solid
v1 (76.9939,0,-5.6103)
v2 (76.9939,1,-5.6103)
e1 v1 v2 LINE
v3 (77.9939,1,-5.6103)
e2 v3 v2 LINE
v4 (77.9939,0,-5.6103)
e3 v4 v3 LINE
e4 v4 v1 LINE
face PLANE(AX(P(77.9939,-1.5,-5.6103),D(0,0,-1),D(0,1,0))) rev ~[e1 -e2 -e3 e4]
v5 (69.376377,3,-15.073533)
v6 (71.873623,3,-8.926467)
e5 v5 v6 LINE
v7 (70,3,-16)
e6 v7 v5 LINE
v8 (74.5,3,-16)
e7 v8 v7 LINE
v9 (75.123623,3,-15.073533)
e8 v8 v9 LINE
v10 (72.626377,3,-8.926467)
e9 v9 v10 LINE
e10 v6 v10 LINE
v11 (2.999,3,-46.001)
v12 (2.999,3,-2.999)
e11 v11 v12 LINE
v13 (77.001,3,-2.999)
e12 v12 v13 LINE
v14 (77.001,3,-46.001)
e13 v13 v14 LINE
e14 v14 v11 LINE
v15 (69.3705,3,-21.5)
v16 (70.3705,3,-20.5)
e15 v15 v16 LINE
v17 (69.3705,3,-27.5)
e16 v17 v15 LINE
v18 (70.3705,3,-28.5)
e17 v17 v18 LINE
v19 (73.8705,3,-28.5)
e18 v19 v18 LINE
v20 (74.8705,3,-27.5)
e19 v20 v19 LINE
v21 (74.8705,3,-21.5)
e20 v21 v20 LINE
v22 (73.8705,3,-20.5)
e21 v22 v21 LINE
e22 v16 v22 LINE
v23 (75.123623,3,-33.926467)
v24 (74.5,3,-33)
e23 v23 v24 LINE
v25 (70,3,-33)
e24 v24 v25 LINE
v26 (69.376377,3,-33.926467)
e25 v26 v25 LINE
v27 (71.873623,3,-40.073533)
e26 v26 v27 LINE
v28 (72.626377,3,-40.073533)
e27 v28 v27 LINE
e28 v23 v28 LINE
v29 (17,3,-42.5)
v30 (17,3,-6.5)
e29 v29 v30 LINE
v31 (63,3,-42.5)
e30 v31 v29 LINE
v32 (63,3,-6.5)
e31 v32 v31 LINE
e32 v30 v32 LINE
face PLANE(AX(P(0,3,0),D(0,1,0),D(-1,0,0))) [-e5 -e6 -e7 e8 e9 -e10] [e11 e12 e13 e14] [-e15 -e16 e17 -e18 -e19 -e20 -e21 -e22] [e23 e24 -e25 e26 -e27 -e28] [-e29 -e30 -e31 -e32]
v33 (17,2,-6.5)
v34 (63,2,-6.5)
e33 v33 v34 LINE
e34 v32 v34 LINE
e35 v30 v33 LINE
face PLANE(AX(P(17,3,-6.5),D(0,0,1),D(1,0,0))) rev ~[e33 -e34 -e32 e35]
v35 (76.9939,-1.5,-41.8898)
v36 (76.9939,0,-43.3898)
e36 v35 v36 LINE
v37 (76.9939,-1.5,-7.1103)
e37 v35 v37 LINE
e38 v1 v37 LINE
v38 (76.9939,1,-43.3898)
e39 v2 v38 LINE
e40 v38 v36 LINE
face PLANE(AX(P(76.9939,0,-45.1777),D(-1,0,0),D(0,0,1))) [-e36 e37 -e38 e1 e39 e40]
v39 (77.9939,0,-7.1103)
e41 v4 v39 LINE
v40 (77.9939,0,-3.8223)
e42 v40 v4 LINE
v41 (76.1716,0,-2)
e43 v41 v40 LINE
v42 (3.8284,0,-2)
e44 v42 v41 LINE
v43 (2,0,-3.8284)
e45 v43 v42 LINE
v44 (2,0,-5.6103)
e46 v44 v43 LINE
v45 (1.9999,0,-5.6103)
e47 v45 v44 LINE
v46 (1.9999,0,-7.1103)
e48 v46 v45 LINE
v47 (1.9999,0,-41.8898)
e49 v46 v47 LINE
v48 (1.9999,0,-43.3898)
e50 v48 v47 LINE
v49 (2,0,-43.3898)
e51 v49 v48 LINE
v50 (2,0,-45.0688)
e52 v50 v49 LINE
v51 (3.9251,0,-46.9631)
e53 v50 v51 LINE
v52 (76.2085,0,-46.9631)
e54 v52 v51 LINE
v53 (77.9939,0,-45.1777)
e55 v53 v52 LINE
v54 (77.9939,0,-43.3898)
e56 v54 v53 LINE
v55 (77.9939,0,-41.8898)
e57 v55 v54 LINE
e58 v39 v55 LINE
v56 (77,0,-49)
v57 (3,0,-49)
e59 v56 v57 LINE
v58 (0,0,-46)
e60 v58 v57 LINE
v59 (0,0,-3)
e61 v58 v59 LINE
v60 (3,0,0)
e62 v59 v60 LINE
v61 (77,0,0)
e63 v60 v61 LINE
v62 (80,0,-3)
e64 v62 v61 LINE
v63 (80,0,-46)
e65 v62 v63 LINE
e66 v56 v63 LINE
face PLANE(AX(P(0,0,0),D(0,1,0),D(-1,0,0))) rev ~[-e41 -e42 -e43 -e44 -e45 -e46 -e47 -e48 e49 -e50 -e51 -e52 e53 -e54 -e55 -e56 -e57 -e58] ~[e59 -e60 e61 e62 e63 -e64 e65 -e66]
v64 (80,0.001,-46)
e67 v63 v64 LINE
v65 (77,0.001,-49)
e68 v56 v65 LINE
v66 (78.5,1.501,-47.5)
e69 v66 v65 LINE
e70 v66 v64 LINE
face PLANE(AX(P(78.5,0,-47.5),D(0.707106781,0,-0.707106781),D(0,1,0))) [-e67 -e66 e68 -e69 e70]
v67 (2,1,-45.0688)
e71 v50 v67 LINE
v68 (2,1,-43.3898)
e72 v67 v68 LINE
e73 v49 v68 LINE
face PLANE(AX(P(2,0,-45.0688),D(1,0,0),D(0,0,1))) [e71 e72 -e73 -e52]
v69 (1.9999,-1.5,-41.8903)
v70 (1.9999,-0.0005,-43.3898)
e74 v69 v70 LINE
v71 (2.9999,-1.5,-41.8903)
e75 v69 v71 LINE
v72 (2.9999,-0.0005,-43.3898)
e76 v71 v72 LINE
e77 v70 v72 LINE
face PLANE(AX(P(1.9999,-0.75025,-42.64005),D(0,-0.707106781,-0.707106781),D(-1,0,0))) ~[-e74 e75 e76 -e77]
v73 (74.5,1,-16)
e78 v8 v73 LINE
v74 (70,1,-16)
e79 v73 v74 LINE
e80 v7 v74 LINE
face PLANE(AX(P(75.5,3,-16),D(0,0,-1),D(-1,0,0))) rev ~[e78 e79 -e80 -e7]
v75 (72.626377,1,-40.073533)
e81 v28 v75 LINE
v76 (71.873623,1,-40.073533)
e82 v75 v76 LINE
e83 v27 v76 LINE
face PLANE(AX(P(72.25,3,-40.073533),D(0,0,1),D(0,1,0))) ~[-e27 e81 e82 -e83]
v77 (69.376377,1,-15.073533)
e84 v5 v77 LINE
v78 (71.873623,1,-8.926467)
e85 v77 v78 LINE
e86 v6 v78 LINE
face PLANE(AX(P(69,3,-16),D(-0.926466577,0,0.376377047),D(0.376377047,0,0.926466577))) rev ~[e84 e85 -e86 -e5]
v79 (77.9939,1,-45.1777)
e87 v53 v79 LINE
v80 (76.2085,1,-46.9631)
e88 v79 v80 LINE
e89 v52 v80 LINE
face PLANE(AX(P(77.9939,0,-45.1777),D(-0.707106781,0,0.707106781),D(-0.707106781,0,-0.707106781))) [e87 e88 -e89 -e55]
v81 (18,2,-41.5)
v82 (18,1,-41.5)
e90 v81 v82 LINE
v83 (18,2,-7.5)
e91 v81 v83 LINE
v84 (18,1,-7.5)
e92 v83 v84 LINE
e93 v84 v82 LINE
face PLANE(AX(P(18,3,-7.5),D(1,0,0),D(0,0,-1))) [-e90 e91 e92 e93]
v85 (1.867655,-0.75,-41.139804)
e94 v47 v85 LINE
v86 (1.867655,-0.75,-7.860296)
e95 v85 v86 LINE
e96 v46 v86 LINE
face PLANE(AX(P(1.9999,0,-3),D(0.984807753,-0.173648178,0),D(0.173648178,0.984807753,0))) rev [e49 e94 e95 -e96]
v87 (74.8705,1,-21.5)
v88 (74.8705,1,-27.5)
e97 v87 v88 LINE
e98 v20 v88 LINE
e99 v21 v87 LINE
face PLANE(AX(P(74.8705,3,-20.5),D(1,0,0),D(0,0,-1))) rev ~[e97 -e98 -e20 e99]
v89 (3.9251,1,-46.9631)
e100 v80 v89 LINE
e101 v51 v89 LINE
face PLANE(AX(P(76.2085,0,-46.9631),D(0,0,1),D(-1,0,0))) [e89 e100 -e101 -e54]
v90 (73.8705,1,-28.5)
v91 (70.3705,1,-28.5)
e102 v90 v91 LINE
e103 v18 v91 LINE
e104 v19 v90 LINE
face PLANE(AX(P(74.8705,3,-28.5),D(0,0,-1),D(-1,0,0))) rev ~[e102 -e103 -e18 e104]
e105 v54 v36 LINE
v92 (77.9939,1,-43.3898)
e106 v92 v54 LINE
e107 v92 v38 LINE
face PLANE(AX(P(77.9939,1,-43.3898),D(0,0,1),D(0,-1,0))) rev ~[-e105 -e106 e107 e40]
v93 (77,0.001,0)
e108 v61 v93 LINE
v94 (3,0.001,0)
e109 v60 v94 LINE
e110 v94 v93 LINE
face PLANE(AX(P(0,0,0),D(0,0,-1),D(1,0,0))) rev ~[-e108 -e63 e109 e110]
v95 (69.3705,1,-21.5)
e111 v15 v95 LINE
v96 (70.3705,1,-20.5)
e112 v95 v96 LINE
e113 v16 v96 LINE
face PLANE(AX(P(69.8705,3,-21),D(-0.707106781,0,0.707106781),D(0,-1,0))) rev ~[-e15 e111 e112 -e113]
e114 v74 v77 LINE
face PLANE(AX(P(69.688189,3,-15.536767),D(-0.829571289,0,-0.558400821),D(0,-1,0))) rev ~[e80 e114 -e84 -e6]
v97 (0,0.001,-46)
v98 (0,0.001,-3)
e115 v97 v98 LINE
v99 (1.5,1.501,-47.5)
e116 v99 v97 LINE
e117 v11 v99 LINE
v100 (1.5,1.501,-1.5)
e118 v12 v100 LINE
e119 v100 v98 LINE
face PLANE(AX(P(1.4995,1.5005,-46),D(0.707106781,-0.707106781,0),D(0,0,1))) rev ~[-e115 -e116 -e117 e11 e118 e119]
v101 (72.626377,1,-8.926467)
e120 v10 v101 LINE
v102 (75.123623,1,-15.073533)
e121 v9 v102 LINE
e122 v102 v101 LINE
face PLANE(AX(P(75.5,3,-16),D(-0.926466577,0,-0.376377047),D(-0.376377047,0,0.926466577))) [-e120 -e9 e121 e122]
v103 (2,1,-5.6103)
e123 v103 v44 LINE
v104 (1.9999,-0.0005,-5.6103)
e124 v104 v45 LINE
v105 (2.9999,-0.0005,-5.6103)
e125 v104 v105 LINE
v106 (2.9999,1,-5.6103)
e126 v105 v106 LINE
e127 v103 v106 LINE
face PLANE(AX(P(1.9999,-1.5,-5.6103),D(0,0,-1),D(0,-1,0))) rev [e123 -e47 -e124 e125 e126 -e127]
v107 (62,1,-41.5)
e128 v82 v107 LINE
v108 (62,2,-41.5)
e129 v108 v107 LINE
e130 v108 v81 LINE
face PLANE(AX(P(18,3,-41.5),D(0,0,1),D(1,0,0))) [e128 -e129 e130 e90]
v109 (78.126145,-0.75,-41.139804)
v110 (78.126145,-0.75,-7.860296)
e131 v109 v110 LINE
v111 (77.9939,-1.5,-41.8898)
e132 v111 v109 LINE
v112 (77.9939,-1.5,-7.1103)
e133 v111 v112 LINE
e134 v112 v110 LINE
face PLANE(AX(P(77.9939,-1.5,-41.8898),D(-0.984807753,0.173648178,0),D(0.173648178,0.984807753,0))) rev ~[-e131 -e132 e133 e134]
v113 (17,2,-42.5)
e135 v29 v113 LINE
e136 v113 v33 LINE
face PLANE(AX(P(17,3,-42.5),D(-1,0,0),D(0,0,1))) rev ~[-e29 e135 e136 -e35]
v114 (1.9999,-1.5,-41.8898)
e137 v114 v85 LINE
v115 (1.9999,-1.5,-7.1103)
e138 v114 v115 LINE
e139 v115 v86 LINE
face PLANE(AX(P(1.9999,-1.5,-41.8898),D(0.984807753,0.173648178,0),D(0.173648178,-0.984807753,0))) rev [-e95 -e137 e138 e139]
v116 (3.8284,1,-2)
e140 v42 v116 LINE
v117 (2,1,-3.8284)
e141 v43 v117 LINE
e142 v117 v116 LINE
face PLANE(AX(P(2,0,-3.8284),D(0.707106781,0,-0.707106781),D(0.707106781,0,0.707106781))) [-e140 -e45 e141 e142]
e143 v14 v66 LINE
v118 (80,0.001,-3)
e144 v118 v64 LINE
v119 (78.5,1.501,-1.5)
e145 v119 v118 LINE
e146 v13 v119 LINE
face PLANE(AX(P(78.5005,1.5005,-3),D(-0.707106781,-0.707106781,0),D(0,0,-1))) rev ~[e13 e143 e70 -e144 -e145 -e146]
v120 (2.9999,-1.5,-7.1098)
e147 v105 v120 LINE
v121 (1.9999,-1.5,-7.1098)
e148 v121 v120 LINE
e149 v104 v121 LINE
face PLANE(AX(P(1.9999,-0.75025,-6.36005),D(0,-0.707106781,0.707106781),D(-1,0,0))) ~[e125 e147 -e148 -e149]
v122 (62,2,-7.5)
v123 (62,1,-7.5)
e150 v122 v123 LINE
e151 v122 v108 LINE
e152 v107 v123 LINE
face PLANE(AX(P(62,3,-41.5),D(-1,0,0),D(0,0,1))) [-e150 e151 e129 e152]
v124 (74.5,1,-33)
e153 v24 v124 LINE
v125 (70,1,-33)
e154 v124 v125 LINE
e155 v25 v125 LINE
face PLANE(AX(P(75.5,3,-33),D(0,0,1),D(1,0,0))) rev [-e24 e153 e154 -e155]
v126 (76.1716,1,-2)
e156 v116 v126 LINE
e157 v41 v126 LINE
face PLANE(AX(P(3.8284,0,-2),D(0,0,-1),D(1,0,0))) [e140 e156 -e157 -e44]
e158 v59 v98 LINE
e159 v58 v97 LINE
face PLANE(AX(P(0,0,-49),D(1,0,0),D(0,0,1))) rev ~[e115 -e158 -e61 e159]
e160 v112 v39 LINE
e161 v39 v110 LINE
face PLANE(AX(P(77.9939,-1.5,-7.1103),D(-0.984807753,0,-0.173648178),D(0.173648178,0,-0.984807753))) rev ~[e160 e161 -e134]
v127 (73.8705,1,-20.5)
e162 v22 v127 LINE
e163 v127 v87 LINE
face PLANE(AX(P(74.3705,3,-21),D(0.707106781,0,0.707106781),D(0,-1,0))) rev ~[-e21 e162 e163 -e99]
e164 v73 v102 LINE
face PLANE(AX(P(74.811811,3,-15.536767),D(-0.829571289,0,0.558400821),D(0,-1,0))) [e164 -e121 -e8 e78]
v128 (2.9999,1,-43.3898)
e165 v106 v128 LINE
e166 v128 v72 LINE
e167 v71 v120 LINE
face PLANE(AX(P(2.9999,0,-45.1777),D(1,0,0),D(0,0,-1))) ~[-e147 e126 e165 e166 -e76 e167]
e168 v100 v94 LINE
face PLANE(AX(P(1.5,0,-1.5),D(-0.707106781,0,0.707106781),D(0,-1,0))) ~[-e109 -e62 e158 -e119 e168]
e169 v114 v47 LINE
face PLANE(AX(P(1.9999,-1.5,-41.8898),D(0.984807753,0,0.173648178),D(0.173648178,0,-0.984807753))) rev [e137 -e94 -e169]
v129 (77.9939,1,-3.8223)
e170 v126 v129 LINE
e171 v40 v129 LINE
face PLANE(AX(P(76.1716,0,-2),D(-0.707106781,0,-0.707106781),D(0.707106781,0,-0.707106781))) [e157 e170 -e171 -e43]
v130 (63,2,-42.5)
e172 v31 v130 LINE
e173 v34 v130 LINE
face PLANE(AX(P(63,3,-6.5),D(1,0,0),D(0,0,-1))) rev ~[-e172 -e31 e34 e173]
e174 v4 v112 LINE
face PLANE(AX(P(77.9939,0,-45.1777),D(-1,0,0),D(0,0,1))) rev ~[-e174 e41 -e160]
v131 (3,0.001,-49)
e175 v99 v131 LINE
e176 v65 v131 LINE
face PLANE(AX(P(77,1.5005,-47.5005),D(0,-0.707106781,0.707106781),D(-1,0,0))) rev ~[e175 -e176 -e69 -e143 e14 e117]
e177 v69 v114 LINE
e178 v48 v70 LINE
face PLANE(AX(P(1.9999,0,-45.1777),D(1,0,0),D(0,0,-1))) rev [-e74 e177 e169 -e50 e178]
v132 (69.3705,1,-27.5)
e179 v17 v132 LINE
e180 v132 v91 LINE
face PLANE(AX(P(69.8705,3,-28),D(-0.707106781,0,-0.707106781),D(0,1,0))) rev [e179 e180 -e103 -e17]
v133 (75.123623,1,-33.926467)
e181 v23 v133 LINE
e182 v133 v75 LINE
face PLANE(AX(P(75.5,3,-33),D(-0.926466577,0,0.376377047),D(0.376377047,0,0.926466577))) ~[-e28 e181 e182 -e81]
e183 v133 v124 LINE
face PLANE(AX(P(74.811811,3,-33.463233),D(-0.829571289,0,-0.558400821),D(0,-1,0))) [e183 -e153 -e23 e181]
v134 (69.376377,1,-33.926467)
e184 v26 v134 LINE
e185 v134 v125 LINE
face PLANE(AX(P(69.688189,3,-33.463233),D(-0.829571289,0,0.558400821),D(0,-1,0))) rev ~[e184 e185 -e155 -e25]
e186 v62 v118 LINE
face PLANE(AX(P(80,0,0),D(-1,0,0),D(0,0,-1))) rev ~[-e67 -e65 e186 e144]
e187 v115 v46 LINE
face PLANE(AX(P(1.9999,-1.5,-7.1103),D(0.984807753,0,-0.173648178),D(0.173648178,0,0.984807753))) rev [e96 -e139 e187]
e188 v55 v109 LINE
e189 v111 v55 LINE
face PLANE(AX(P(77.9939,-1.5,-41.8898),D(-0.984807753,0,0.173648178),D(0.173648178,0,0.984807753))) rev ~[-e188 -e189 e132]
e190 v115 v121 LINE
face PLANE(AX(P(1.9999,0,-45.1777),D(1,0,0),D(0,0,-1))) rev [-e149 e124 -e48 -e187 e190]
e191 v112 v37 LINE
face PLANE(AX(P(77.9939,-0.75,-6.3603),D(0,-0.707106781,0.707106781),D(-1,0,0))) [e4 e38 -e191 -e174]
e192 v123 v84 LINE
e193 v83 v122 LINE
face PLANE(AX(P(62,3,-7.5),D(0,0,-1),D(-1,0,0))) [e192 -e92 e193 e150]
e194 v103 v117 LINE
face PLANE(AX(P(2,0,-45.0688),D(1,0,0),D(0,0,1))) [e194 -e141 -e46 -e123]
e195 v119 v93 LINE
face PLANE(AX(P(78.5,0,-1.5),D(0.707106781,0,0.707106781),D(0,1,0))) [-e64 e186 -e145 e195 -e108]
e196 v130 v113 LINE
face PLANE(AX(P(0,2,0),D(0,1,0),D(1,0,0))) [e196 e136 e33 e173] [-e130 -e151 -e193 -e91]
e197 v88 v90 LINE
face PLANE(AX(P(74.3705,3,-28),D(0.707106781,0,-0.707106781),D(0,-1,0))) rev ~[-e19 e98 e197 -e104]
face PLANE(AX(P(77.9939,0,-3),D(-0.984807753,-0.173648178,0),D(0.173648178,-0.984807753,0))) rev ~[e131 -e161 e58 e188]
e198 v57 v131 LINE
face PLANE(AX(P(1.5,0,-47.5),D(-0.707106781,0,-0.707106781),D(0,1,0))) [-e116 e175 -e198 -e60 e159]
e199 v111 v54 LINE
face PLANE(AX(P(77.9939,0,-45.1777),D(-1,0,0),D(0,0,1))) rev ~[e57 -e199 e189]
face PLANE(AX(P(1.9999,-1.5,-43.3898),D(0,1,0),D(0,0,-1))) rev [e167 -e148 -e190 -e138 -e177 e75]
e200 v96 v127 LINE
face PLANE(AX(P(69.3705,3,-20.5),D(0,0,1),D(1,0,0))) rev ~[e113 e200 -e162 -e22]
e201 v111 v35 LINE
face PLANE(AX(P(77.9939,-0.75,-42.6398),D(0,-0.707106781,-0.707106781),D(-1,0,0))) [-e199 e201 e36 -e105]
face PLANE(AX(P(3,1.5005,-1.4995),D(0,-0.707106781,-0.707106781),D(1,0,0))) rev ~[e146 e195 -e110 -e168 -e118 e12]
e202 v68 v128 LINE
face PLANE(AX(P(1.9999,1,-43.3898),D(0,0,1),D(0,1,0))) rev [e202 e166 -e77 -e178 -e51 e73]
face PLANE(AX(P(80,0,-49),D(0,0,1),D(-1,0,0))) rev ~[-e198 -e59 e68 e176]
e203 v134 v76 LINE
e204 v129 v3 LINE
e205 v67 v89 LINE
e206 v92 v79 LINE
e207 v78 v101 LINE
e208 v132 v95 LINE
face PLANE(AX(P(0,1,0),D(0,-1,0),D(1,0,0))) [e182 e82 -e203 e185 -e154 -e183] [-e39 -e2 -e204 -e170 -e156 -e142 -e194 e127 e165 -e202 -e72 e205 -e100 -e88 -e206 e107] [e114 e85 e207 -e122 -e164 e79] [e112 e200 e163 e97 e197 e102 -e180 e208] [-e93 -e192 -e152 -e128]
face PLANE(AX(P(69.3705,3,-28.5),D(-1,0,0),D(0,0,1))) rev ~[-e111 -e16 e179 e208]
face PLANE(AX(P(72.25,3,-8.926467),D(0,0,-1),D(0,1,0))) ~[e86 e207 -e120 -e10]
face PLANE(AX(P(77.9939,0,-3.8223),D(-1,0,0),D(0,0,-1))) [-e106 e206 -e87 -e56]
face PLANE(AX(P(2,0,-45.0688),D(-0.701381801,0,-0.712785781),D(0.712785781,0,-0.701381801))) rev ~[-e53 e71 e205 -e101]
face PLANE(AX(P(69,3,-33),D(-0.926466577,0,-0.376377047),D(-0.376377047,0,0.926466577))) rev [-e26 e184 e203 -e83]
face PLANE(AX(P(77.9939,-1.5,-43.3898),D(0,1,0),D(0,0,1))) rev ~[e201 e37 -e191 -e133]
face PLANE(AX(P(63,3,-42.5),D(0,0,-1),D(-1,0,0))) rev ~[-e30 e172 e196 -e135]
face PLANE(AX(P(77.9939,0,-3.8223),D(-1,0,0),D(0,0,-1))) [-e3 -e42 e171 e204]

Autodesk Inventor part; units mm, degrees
ref_plane "YZ Plane" through (0, 0, 0) normal (1, 0, 0) x (0, 1, 0)
ref_plane "XZ Plane" through (0, 0, 0) normal (0, 1, 0) x (-1, 0, 0)
sketch "Náčrt1" plane through (0, 0, 0) normal (0, 1, 0) x (-1, 0, 0)
  line L0 (0, 0) -> (-80, 0)
  line L1 (-80, 0) -> (-80, -49)
  line L2 (-80, -49) -> (0, -49)
  line L3 (0, -49) -> (0, 0)
  dimension "d0" = 80
  dimension "d1" = 49
extrude "Vysunutí1" add sketch "Náčrt1" along normal blind 3
chamfer "Zkosení1" distance 3 angle 45 4 edges at (0, 1.5, 0) (0, 1.5, -49) (80, 1.5, -49) (80, 1.5, 0)
chamfer "Zkosení2" distance 3 angle 45 4 edges at (40, 3, 0) (0, 3, -24.5) (40, 3, -49) (80, 3, -24.5)
sketch "Náčrt2" plane through (0, 3, 0) normal (0, 1, 0) x (1, 0, 0)
  line L0 (18, 41.5) -> (62, 41.5)
  line L1 (62, 41.5) -> (62, 7.5)
  line L2 (62, 7.5) -> (18, 7.5)
  line L3 (18, 7.5) -> (18, 41.5)
  line L4 (77, 49) -> (3, 49) projected
  line L5 (0, 46) -> (0, 3) projected
  point P0 (0, 0)
  dimension "d11" = 44
  dimension "d12" = 34
  dimension "d13" = 7.5
  dimension "d14" = 18
extrude "Vysunutí2" cut sketch "Náčrt2" against normal blind 2.5
sketch "Náčrt3" plane through (0, 3, 0) normal (0, 1, 0) x (1, 0, 0)
  line L0 (63, 42.5) -> (17, 42.5)
  line L1 (17, 42.5) -> (17, 6.5)
  line L2 (17, 6.5) -> (63, 6.5)
  line L3 (63, 6.5) -> (63, 42.5)
  line L4 (63, 42.5) -> (17, 6.5) construction
  line L5 (17, 42.5) -> (63, 6.5) construction
  point P0 (0, 0)
  point P1 (40, 24.5)
  dimension "d17" = 46
  dimension "d18" = 36
extrude "Vysunutí3" cut sketch "Náčrt3" against normal blind 1
sketch "Náčrt4" plane through (0, 3, 0) normal (0, 1, 0) x (1, 0, 0)
  line L0 (75.5, 16) -> (69, 16)
  line L1 (69, 16) -> (72.25, 8)
  line L2 (75.5, 16) -> (72.25, 8)
  line L3 (3, 0) -> (77, 0) projected
  line L4 (0, 46) -> (0, 3) projected
  point P0 (0, 0)
  dimension "d21" = 6.5
extrude "Vysunutí4" cut sketch "Náčrt4" against normal blind 2.5
chamfer "Zkosení3" distance 1 angle 45 3 edges at (69, 1.75, -16) (75.5, 1.75, -16) (72.25, 1.75, -8)
ref_plane "Pracovní rovina1" through (77, 0, -24.5) normal (0, 0, -1) x (-1, 0, 0)
mirror "Zrcadlit1" about plane through (77, 0, -24.5) normal (0, 0, -1) of "Vysunutí4", "Zkosení3"
sketch "Náčrt5" plane through (0, 3, 0) normal (0, 1, 0) x (1, 0, 0)
  line L0 (69.3705, 20.5) -> (74.8705, 20.5)
  line L1 (74.8705, 20.5) -> (74.8705, 28.5)
  line L2 (74.8705, 28.5) -> (69.3705, 28.5)
  line L3 (69.3705, 28.5) -> (69.3705, 20.5)
  line L4 (3, 0) -> (77, 0) projected
  point P0 (0, 0)
  dimension "d30" = 5.5
  dimension "d31" = 8
  dimension "d32" = 20.5
extrude "Vysunutí5" cut sketch "Náčrt5" against normal blind 2.5
chamfer "Zkosení4" distance 1 angle 45 4 edges at (69.3705, 1.75, -28.5) (69.3705, 1.75, -20.5) (74.8705, 1.75, -20.5) (74.8705, 1.75, -28.5)
sketch "Náčrt6" plane through (0, 3, 0) normal (0, 1, 0) x (1, 0, 0)
  point P0 (0, 0)
sketch "Náčrt7" plane through (0, 0, 0) normal (0, -1, 0) x (1, 0, 0)
  line L0 (3.8284, -2) -> (76.1716, -2)
  line L1 (77.9939, -3.8223) -> (77.9939, -45.1777)
  line L2 (76.2085, -46.9631) -> (3.9251, -46.9631)
  line L3 (2, -46) -> (2, -3.8284)
  line L4 (3, 0) -> (77, 0) projected
  line L5 (0, -46) -> (0, -3) projected
  line L6 (0, -46) -> (2.8284, -46) construction
  line L7 (2, -45.0688) -> (3.9251, -46.9631)
  line L8 (3, -49) -> (0, -46) projected
  line L9 (80, -46) -> (77, -49) projected
  line L10 (80, -46) -> (82.8284, -46) construction
  line L11 (77.9939, -45.1777) -> (76.2085, -46.9631)
  line L12 (77, 0) -> (80, -3) projected
  line L13 (76.1716, -2) -> (77.9939, -3.8223)
  line L14 (2, -3.8284) -> (3.8284, -2)
  line L15 (0, -3) -> (3, 0) projected
  point P0 (0, 0)
  dimension "d40" = 2
  dimension "d41" = 2
  dimension "d43" = 2
  dimension "d45" = 2
  dimension "d46" = 2
  dimension "d47" = 2
extrude "Vysunutí6" cut sketch "Náčrt7" against normal blind 1
sketch "Náčrt8" plane through (77.9939, 0, -45.1777) normal (-1, 0, 0) x (0, 0, 1)
  line L0 (1.7879, 1) -> (1.7879, -1.5)
  line L1 (1.7879, -1.5) -> (39.5674, -1.5)
  line L2 (39.5674, -1.5) -> (39.5674, 1)
  line L3 (41.3554, 1) -> (0, 1) projected
  line L4 (39.5674, 1) -> (1.7879, 1)
  point P0 (45.1777, 0)
extrude "Vysunutí7" add sketch "Náčrt8" along normal blind 1
chamfer "Zkosení5" distance 1.5 angle 45 2 edges at (77.4939, -1.5, -5.6103) (77.4939, -1.5, -43.3897)
sketch "Náčrt9" plane through (77.9939, 0, -45.1777) normal (1, 0, 0) x (0, 0, -1)
  line L0 (-3.2879, -1.5) -> (-3.2879, 0)
  line L1 (-3.2879, -1.5) -> (-38.0674, -1.5) projected
  line L2 (-3.2879, -1.5) -> (-38.0674, -1.5)
  line L3 (-38.0674, -1.5) -> (-38.0674, 0)
  line L4 (-42.1777, 0) -> (0.8223, 0) projected
  point P0 (-45.1777, 0)
  point P1 (-1.7879, 0)
extrude "Vysunutí8" add sketch "Náčrt9" along normal blind 0.5 draft -80
ref_plane "Pracovní rovina2" through (39.9969, 0, -45.1777) normal (-1, 0, 0) x (0, 0, 1)
mirror "Zrcadlit2" about plane through (39.9969, 0, -45.1777) normal (-1, 0, 0) of "Vysunutí7", "Zkosení5", "Vysunutí8"
properties part number "TopCover"
